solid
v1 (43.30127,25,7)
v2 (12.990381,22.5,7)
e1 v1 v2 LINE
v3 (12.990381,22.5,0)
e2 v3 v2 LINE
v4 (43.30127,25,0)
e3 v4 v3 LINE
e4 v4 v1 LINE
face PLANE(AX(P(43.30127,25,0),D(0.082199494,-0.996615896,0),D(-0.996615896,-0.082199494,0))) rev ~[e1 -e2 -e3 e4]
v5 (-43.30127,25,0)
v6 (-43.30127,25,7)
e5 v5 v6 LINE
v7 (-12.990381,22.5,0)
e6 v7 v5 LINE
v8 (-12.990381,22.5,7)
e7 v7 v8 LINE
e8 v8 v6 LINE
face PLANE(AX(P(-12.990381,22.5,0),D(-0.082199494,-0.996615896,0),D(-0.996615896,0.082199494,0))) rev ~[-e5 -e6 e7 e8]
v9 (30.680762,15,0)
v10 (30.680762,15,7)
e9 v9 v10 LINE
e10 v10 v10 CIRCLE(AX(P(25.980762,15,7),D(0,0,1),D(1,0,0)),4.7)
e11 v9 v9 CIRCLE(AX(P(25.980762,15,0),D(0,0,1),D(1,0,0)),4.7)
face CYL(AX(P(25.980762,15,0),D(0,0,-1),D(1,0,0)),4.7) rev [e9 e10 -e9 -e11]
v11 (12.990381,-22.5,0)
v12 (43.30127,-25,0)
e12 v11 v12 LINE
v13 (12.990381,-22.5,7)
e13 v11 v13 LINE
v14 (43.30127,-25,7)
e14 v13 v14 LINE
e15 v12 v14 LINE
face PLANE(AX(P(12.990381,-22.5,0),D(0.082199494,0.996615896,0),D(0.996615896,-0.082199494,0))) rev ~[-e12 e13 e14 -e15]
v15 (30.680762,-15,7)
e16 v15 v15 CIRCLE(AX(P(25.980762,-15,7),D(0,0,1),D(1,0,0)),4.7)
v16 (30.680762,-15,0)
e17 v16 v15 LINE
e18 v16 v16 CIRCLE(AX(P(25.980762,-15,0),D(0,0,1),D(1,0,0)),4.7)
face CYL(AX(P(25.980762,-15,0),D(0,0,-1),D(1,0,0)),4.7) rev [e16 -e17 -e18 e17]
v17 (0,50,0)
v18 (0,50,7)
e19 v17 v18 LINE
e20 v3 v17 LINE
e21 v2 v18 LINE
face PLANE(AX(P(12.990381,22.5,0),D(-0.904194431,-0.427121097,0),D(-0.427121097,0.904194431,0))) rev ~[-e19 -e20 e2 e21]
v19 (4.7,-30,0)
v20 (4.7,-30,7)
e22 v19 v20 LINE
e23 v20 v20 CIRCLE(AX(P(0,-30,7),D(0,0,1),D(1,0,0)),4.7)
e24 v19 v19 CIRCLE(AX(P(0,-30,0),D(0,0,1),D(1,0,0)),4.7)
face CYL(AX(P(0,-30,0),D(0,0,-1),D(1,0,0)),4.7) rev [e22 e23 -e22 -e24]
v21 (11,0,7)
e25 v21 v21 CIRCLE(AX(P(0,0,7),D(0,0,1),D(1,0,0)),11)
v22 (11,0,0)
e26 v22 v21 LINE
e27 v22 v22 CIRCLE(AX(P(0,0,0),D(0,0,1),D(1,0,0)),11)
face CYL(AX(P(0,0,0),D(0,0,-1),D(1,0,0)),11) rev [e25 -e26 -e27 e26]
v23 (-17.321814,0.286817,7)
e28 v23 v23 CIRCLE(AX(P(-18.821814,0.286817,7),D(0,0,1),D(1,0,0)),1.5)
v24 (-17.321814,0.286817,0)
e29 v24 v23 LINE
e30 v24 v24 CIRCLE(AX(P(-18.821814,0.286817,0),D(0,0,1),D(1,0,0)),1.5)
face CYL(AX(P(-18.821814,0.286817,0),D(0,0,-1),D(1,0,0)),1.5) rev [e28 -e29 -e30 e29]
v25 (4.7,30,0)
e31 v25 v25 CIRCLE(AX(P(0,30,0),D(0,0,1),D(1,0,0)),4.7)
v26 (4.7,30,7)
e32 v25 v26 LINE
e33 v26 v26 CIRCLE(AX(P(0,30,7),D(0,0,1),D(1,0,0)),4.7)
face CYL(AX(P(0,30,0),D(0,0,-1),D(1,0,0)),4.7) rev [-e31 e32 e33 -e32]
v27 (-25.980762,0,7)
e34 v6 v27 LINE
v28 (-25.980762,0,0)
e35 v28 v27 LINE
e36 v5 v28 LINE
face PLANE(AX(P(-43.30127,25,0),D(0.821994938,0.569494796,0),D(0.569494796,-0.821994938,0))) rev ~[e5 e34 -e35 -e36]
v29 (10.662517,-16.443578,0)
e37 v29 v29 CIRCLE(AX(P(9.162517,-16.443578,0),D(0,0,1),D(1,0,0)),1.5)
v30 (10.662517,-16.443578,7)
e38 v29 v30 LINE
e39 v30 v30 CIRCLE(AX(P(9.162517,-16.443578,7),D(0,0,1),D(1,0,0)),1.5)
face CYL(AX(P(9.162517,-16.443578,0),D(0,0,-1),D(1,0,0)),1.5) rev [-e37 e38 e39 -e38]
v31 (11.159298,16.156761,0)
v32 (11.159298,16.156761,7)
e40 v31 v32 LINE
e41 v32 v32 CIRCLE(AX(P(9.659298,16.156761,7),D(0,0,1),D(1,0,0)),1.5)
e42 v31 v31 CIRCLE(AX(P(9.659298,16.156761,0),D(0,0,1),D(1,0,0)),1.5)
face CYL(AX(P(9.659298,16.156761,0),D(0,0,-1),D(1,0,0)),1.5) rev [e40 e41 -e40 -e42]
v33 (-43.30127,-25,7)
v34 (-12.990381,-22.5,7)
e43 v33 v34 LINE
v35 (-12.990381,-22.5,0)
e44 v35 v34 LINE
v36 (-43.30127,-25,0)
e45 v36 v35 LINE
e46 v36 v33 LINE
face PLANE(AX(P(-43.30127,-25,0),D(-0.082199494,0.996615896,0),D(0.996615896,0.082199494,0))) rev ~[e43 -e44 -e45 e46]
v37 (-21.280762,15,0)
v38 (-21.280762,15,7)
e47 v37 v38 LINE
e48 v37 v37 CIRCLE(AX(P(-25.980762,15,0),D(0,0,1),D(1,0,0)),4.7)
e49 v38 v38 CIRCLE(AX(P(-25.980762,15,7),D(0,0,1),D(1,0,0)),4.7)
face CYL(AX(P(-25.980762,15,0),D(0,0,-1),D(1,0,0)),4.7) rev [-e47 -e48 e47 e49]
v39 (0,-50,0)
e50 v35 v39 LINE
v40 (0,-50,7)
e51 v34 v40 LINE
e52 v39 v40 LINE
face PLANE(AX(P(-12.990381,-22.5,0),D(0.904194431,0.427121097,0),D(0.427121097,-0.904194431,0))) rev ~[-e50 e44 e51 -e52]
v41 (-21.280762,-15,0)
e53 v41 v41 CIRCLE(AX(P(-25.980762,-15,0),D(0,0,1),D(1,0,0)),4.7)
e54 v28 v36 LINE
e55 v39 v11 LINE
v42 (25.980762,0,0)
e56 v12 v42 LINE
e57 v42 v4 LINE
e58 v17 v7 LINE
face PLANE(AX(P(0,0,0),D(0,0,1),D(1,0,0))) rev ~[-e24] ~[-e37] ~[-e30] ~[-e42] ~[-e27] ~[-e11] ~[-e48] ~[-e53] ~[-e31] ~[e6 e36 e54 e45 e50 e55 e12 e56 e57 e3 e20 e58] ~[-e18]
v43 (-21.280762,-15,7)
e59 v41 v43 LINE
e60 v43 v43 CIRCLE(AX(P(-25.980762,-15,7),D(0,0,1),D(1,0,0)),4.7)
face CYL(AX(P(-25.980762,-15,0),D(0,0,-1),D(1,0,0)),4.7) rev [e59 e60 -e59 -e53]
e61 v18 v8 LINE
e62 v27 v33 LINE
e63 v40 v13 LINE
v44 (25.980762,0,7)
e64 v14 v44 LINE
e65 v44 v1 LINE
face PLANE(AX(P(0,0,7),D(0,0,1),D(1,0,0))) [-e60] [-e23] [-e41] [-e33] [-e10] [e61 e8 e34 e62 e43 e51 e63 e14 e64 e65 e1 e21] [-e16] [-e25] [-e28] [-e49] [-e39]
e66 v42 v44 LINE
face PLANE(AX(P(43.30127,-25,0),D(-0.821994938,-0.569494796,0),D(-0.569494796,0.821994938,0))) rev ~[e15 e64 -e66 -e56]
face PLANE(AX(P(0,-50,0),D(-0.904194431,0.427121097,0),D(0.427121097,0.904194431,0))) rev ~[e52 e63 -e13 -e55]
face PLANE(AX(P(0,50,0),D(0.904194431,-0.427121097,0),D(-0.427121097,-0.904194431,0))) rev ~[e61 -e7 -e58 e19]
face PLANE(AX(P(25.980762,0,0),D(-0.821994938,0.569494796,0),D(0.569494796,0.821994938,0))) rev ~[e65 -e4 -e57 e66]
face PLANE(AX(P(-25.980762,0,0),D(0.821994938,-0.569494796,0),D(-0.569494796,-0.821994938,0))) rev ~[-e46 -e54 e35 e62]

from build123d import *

# Parameters (mm, degrees)
F0_R     = 4.7
F0_R_2   = 1.5
F0_R_3   = 11
F1_DEPTH = 7


with BuildPart() as f1:
    # F0 (on Top) → F1 (new body)
    with BuildSketch(Plane.XY):
        Polygon((0, 50), (-12.990381, 22.5), (-43.30127, 25), (-25.980762, 0), (-43.30127, -25), (-12.990381, -22.5), (0, -50), (12.990381, -22.5), (43.30127, -25), (25.980762, 0), (43.30127, 25), (12.990381, 22.5), align=None)
        with Locations((-25.980762, -15)):
            Circle(F0_R, mode=Mode.SUBTRACT)
        with Locations((0, -30)):
            Circle(F0_R, mode=Mode.SUBTRACT)
        with Locations((9.162517, -16.443578)):
            Circle(F0_R_2, mode=Mode.SUBTRACT)
        with Locations((25.980762, -15)):
            Circle(F0_R, mode=Mode.SUBTRACT)
        with Locations((-25.980762, 15)):
            Circle(F0_R, mode=Mode.SUBTRACT)
        with Locations((-18.821814, 0.286817)):
            Circle(F0_R_2, mode=Mode.SUBTRACT)
        Circle(F0_R_3, mode=Mode.SUBTRACT)
        with Locations((9.659298, 16.156761)):
            Circle(F0_R_2, mode=Mode.SUBTRACT)
        with Locations((25.980762, 15)):
            Circle(F0_R, mode=Mode.SUBTRACT)
        with Locations((0, 30)):
            Circle(F0_R, mode=Mode.SUBTRACT)
    extrude(amount=F1_DEPTH)


solid = f1.part
